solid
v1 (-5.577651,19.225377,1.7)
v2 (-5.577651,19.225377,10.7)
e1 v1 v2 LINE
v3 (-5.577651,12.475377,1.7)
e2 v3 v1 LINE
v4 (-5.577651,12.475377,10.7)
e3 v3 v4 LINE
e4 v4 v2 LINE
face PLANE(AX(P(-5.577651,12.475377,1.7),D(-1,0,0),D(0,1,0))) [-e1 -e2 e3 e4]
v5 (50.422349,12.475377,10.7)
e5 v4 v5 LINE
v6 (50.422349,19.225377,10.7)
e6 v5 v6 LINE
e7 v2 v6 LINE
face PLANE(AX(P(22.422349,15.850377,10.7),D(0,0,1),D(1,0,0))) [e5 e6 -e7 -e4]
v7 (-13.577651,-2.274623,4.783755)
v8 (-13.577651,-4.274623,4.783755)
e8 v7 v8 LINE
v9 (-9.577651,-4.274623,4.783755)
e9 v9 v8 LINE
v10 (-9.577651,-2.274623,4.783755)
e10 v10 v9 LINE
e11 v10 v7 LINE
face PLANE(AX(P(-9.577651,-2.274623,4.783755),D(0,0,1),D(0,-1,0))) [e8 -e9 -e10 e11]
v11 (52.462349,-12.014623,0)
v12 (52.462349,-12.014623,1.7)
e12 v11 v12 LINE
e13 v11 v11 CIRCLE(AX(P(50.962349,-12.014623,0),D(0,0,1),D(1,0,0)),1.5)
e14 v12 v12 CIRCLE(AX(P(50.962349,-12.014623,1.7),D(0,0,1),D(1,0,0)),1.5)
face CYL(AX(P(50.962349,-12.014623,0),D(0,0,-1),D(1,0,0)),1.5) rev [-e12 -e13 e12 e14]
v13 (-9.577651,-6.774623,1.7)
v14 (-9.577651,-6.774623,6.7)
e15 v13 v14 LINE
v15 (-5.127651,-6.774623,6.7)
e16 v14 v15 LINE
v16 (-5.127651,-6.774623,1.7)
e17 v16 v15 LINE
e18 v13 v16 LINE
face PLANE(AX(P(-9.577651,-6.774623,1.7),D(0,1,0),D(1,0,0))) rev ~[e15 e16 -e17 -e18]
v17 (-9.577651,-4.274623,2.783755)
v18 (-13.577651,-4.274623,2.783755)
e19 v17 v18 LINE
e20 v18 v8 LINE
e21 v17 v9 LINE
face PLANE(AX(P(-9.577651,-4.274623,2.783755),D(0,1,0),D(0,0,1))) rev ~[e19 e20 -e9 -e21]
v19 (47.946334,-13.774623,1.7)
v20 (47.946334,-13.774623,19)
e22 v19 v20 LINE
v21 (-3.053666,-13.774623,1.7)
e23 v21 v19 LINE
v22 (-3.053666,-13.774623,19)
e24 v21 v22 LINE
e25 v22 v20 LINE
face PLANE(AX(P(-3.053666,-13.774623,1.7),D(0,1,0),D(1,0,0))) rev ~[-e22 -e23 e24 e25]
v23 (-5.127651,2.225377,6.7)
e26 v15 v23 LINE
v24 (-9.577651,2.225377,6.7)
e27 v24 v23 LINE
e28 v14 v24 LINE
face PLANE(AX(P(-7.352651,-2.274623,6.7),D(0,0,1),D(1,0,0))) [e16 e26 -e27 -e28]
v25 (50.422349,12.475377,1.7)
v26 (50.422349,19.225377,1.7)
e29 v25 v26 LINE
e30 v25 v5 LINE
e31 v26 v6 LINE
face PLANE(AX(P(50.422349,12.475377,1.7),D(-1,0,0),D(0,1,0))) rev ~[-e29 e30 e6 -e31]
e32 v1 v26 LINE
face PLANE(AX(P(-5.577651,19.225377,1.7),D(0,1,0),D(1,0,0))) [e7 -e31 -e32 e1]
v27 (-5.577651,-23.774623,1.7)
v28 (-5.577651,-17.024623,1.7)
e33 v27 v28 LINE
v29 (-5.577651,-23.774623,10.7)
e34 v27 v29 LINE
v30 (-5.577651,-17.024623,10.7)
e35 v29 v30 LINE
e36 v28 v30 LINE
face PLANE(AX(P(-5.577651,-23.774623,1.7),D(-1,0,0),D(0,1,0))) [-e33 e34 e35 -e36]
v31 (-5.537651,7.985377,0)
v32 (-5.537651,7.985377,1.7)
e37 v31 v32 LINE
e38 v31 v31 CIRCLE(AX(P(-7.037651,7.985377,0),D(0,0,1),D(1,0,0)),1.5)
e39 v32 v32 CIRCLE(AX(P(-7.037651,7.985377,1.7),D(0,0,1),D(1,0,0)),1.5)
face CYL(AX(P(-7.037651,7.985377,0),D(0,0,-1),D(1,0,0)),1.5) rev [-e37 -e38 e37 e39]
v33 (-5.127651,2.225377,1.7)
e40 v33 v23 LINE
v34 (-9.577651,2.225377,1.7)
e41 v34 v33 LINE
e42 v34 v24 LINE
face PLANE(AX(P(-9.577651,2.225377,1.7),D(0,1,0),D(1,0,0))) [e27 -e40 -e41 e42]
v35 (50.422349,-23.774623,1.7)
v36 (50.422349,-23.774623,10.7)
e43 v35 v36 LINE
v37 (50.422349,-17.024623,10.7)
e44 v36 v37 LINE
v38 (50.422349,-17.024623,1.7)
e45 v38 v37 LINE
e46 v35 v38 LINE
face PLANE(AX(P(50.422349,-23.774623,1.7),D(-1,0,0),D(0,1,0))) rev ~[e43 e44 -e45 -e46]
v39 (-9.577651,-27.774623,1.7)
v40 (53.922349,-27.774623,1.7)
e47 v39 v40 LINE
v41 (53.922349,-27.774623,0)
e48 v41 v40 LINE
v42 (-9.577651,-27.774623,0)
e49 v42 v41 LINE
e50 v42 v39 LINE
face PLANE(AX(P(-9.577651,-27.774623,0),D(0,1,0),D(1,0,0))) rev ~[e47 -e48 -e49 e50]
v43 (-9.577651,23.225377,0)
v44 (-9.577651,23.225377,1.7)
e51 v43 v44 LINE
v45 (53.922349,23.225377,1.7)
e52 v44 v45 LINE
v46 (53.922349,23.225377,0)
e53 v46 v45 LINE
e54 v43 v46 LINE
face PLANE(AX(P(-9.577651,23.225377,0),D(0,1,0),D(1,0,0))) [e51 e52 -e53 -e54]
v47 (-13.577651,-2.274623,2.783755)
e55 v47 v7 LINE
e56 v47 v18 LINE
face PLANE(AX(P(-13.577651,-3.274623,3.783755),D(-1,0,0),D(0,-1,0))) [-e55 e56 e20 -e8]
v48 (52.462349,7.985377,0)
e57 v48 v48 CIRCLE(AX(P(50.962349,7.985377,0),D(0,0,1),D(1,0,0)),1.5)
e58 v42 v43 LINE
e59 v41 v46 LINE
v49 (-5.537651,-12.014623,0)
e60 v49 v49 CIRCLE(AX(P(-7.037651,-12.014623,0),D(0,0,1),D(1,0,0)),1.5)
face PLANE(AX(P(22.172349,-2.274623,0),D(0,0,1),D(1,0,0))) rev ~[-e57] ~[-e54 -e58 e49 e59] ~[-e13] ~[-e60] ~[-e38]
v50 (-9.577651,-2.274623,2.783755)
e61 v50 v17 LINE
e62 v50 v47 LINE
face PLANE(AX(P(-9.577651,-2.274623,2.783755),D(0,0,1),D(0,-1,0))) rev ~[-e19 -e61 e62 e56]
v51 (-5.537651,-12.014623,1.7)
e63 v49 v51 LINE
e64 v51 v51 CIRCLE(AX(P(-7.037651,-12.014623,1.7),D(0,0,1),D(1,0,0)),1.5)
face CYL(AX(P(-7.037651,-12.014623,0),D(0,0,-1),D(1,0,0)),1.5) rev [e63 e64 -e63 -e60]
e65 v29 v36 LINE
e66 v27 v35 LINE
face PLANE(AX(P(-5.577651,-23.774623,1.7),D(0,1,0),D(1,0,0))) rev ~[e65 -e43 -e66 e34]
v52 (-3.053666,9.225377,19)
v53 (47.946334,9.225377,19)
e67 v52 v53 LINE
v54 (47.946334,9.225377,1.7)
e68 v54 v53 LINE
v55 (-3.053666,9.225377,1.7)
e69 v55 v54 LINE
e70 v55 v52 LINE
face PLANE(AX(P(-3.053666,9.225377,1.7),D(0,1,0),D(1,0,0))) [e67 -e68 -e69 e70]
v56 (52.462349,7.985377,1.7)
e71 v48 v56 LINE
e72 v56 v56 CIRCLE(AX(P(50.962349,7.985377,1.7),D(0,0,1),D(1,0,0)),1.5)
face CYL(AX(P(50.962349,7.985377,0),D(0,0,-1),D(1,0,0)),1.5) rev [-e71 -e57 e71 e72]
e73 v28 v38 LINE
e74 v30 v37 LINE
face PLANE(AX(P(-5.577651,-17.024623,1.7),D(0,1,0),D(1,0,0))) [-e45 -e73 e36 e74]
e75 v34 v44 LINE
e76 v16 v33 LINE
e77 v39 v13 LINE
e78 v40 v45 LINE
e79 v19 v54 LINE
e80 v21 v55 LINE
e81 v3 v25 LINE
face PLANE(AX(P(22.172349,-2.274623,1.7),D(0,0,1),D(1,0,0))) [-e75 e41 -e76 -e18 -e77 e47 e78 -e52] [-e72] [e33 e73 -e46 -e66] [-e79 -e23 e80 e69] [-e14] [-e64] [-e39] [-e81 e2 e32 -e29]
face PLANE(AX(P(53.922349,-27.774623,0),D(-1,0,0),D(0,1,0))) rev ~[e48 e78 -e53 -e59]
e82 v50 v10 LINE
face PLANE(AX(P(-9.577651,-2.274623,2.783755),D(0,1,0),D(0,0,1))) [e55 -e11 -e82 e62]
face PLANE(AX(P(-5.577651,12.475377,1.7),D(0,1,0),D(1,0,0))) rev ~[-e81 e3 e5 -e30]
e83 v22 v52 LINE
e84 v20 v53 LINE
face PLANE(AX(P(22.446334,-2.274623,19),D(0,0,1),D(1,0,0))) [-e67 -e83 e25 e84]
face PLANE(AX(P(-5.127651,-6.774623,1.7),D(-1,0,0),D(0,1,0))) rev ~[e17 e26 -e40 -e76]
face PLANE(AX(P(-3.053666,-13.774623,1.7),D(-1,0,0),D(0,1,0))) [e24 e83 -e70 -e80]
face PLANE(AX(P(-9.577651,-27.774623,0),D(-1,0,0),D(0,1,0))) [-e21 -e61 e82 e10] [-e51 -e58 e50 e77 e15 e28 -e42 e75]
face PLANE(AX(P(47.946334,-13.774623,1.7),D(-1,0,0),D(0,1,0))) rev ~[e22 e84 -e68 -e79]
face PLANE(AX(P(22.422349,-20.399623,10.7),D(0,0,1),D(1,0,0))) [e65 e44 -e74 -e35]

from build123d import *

# Parameters (mm, degrees)
F4_W      = 63.5
F4_H      = 51
F4_R      = 1.5
F5_DEPTH  = 1.7
F6_W      = 51
F6_H      = 23
F7_DEPTH  = 17.3
F6_W_2    = 56
F6_H_2    = 6.75
F8_DEPTH  = 9
F6_W_3    = 4.45
F6_H_3    = 9
F9_DEPTH  = 5
F10_W     = 2
F10_H     = 2
F11_DEPTH = 4


with BuildPart() as f5:
    # F4 (on Top) → F5 (new body)
    with BuildSketch(Plane.XY):
        with Locations((22.1723487377, -2.2746226639)):
            Rectangle(F4_W, F4_H)
        with Locations((-7.0376512623, -12.0146226639)):
            Circle(F4_R, mode=Mode.SUBTRACT)
        with Locations((50.9623487377, -12.0146226639)):
            Circle(F4_R, mode=Mode.SUBTRACT)
        with Locations((-7.0376512623, 7.9853773361)):
            Circle(F4_R, mode=Mode.SUBTRACT)
        with Locations((50.9623487377, 7.9853773361)):
            Circle(F4_R, mode=Mode.SUBTRACT)
    extrude(amount=F5_DEPTH)

    # F6 (on face) → F7 (join)
    with BuildSketch(Plane.XY.offset(1.7)):
        with Locations((22.4463341404, -2.2746226639)):
            Rectangle(F6_W, F6_H)
    extrude(amount=F7_DEPTH)

    # F6 (on face) → F8 (join)
    with BuildSketch(Plane.XY.offset(1.7)):
        with Locations((22.4223487377, 15.8503773361)):
            Rectangle(F6_W_2, F6_H_2)
        with Locations((22.4223487377, -20.3996226639)):
            Rectangle(F6_W_2, F6_H_2)
    extrude(amount=F8_DEPTH)

    # F6 (on face) → F9 (join)
    with BuildSketch(Plane.XY.offset(1.7)):
        with Locations((-7.3526512623, -2.2746226639)):
            Rectangle(F6_W_3, F6_H_3)
    extrude(amount=F9_DEPTH)

    # F10 (on face) → F11 (join)
    with BuildSketch(Plane(origin=(-9.5776512623, 0, 0), x_dir=(0, -1, 0), z_dir=(-1, 0, 0))):
        with Locations((3.2746226639, 3.7837546077)):
            Rectangle(F10_W, F10_H)
    extrude(amount=F11_DEPTH)


solid = f5.part
